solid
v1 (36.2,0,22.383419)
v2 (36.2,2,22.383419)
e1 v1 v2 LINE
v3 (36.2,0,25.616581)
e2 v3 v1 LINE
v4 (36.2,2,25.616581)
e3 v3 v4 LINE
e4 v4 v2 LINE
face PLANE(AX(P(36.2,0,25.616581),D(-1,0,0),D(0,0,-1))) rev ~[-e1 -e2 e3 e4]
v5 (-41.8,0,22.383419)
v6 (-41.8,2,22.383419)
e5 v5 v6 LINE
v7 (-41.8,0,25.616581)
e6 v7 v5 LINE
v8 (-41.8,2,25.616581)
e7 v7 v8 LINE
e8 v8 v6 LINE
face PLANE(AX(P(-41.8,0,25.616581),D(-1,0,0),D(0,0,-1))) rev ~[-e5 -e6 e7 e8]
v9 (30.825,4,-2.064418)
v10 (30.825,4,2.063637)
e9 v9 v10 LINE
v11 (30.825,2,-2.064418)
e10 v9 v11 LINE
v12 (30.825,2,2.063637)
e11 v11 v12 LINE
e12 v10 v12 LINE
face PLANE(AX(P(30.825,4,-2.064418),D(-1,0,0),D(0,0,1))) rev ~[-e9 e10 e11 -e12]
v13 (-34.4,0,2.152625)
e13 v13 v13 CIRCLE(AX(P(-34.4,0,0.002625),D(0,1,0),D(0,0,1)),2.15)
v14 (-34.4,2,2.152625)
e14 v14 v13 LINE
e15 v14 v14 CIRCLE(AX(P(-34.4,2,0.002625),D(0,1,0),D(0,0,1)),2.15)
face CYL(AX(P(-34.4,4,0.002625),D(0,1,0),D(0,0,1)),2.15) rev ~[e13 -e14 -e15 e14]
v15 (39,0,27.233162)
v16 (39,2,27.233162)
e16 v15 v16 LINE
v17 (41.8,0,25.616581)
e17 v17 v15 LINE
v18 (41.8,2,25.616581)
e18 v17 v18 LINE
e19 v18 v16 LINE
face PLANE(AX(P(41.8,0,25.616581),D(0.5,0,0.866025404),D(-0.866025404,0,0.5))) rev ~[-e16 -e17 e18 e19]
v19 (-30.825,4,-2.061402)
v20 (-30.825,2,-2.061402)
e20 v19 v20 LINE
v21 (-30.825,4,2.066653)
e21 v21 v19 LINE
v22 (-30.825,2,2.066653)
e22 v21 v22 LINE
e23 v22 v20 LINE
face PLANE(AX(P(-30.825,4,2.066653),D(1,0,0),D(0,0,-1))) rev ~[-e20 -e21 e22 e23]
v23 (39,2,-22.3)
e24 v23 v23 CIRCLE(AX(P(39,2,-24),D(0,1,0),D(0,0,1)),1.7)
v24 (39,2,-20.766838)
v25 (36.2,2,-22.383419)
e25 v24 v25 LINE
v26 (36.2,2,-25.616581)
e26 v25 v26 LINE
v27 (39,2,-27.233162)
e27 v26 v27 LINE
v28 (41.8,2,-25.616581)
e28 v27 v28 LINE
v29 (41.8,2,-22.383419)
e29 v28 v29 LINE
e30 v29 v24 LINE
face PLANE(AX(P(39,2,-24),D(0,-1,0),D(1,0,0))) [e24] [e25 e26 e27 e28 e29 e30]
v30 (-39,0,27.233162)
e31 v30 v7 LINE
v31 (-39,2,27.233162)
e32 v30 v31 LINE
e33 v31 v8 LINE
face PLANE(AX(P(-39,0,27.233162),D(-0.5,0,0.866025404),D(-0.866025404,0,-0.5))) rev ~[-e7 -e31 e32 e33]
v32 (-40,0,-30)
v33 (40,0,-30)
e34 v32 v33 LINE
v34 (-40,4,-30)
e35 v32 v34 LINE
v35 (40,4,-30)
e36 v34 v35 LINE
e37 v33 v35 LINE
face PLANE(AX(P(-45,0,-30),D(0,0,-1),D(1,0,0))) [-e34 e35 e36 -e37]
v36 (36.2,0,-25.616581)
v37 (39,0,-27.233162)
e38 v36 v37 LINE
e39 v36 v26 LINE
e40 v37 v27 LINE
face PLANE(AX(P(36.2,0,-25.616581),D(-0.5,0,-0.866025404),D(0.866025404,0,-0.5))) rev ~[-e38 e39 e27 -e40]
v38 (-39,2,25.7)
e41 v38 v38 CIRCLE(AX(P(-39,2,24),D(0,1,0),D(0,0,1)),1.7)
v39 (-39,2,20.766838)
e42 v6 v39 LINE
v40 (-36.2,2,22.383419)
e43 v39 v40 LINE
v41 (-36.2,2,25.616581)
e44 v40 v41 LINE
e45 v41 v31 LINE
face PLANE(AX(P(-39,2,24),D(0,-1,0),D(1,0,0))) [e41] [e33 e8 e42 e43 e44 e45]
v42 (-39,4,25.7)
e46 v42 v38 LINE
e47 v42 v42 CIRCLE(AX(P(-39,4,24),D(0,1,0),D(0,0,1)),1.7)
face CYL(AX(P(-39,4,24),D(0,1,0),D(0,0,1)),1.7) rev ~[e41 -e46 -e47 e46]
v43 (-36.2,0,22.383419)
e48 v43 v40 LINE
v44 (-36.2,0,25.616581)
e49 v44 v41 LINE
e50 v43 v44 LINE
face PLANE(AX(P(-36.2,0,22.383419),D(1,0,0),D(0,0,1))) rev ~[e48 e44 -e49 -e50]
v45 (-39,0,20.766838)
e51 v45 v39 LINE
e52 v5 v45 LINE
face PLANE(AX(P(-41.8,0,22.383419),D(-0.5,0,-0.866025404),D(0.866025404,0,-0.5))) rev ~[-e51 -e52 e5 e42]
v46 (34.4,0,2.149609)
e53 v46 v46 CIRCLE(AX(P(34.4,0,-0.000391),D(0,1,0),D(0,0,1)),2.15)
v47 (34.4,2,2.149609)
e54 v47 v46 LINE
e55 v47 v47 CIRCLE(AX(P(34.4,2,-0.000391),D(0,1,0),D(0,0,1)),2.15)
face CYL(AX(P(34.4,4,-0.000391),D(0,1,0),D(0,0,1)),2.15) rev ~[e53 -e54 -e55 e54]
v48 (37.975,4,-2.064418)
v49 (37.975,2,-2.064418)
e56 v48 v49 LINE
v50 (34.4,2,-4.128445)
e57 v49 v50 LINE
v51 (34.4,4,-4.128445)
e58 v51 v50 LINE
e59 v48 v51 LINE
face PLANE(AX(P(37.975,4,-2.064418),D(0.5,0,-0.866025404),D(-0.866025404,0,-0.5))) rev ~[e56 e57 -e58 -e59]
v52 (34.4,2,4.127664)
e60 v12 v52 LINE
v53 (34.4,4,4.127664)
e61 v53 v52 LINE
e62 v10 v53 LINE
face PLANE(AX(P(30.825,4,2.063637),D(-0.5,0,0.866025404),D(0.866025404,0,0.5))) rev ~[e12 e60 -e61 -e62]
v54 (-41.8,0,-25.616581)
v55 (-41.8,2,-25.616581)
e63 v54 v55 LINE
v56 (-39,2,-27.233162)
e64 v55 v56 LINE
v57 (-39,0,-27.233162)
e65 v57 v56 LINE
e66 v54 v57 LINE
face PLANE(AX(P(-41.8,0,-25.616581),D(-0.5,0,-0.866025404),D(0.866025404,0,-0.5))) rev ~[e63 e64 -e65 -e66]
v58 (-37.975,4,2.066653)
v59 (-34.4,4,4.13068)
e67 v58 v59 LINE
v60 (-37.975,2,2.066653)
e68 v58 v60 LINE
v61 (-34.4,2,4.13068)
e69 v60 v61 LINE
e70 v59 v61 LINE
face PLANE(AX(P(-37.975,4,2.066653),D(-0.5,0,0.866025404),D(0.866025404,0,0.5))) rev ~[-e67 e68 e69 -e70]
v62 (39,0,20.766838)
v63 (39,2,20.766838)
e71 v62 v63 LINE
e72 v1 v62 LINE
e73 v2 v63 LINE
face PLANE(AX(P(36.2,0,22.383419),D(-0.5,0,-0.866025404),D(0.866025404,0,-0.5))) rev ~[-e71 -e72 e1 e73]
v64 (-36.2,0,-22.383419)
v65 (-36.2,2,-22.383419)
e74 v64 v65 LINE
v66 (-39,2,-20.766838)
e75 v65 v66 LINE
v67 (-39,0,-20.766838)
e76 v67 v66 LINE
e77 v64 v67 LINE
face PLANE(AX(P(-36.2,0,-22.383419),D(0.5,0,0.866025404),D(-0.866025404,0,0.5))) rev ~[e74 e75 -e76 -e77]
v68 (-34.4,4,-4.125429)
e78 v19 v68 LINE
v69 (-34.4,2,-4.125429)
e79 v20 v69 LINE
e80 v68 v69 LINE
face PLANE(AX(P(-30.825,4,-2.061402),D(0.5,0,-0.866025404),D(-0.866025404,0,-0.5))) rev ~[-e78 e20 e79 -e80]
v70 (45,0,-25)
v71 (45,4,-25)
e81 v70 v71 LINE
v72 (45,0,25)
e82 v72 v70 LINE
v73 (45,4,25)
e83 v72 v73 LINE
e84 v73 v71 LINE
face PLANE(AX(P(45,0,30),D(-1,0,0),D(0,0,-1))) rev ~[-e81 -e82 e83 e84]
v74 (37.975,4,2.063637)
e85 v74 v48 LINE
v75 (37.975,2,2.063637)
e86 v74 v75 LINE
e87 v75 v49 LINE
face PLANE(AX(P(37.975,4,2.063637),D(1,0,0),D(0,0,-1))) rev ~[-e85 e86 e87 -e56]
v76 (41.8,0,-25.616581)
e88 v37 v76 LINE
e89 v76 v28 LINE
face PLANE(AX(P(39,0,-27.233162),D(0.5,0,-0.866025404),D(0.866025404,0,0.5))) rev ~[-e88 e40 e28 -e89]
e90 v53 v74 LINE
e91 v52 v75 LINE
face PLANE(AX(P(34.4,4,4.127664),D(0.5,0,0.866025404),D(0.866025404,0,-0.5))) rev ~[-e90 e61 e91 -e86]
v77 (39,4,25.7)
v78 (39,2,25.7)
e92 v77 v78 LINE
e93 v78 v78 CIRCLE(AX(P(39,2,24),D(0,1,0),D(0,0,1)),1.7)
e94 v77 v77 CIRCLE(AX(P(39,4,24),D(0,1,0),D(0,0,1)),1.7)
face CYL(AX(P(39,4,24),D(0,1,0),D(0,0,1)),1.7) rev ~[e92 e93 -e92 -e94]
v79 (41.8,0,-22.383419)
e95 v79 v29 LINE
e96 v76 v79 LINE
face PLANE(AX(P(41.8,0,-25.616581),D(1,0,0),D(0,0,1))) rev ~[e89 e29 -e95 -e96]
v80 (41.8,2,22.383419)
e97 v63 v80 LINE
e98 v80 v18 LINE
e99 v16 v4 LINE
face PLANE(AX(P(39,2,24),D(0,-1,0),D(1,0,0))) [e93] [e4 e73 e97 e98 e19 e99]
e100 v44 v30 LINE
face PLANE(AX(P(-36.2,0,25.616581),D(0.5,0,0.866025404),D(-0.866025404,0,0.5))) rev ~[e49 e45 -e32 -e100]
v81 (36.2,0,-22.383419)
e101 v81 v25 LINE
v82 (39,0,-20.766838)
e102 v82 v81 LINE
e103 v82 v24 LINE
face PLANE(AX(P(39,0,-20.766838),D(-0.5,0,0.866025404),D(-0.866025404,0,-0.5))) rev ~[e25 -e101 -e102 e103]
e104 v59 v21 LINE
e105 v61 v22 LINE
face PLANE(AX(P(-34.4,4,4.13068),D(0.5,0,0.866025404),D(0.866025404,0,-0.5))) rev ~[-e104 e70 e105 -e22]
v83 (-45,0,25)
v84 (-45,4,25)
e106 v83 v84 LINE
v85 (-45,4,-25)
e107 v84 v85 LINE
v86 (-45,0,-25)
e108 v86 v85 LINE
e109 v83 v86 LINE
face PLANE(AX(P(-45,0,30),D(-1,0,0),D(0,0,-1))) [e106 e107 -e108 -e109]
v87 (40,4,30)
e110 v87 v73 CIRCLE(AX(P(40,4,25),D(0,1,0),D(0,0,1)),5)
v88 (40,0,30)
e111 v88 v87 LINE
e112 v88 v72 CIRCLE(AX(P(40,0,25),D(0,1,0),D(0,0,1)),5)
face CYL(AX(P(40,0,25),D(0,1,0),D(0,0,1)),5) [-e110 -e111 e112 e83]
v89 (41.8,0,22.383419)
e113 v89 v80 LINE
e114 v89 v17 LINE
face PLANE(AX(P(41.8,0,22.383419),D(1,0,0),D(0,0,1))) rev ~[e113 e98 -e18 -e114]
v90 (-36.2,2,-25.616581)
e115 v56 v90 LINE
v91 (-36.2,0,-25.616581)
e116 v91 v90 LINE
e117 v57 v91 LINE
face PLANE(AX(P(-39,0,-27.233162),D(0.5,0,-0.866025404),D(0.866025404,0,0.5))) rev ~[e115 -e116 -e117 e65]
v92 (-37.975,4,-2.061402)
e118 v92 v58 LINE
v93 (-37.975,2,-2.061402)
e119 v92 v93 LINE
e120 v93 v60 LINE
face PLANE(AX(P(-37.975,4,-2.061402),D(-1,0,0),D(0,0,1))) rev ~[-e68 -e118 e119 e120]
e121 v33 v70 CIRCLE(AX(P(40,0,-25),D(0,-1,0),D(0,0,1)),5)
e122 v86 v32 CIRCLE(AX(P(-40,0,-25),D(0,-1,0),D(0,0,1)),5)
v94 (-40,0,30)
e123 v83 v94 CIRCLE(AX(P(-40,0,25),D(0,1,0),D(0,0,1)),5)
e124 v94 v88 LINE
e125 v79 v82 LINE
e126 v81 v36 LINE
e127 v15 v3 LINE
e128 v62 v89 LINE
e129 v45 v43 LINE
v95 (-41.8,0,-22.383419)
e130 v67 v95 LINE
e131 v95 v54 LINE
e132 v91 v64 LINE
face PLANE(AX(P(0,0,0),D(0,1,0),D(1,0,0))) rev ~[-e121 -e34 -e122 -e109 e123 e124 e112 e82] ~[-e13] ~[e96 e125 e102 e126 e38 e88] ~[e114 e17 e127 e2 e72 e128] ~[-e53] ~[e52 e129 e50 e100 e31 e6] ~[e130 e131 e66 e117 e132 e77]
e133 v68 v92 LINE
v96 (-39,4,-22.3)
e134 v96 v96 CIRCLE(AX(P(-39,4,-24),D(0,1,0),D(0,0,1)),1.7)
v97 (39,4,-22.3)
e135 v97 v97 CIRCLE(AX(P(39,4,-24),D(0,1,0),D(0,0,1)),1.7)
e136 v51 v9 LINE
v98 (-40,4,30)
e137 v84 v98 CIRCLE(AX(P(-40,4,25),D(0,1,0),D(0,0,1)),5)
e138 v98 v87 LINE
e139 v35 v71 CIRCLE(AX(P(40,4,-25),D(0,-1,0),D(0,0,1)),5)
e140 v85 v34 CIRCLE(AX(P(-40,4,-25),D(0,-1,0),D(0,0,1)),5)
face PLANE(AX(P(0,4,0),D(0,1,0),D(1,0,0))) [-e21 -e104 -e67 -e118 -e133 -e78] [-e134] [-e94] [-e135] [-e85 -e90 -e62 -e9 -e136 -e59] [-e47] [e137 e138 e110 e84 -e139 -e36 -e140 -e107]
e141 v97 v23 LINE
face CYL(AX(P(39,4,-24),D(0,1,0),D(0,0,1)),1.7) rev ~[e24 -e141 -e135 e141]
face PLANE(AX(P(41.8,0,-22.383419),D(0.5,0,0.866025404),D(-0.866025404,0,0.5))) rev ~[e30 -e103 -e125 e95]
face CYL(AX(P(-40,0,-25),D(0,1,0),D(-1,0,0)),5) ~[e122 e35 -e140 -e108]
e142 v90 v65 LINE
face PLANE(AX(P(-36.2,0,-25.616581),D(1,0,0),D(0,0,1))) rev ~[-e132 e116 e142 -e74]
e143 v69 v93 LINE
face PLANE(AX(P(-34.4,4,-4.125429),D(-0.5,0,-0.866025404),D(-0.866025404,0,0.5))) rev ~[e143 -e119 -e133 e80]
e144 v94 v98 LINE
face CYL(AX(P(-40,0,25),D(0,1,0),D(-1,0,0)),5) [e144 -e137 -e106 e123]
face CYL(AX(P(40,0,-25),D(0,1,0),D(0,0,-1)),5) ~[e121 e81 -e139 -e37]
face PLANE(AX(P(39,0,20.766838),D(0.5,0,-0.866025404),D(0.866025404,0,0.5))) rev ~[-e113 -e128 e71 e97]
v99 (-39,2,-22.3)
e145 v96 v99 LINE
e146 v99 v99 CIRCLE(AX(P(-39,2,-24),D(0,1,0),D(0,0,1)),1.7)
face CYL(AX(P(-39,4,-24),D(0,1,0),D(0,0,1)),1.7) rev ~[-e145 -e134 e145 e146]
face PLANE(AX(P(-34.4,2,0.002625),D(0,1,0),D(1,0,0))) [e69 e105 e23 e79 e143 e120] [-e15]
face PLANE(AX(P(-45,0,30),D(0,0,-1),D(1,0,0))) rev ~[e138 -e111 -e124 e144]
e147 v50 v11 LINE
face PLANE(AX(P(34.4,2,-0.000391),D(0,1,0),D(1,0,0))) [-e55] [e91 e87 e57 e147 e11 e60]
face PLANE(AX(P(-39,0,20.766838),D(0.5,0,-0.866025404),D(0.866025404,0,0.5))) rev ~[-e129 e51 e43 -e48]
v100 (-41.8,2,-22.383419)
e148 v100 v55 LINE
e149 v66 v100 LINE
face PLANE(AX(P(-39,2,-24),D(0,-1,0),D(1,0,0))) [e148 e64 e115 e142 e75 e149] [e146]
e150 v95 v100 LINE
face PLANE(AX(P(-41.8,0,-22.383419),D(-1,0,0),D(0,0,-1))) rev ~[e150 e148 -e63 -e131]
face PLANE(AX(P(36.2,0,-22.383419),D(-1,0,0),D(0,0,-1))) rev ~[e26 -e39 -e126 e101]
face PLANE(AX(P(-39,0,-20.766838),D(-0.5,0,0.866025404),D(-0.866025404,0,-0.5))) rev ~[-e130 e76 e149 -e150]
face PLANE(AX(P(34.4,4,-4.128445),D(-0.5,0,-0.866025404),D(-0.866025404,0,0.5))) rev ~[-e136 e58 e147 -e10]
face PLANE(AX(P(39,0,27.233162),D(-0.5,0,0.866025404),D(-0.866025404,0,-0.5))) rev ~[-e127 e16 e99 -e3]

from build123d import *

# Parameters (mm, degrees)
SKETCH1_W           = 90
SKETCH1_H           = 60
BOSS_EXTRUDE1_DEPTH = 4
SKETCH2_R           = 2.15
SKETCH2_R_2         = 1.7
CUT_EXTRUDE1_DEPTH  = 4
CUT_EXTRUDE2_DEPTH  = 2
CUT_EXTRUDE3_DEPTH  = 2
FILLET3_R           = 5


with BuildPart() as part:
    # Sketch1 → Boss-Extrude1 (new body)
    with BuildSketch(Plane(origin=(0, 0, 0), x_dir=(1, 0, 0), z_dir=(0, 1, 0))):
        Rectangle(SKETCH1_W, SKETCH1_H)
    extrude(amount=BOSS_EXTRUDE1_DEPTH)

    # Sketch2 → Cut-Extrude1 (cut)
    with BuildSketch(Plane(origin=(0, 4, 0), x_dir=(1, 0, 0), z_dir=(0, 1, 0))):
        with Locations(Location((-34.3999999, -0.00262532, 0), (0, 0, 270))):
            Circle(SKETCH2_R)
        with Locations(Location((34.400000034, 0.00039051, 0), (0, 0, 270))):
            Circle(SKETCH2_R)
        with Locations(Location((-39, 24, 0), (0, 0, 270))):
            Circle(SKETCH2_R_2)
        with Locations(Location((-39, -24, 0), (0, 0, 270))):
            Circle(SKETCH2_R_2)
        with Locations(Location((39, -24, 0), (0, 0, 270))):
            Circle(SKETCH2_R_2)
        with Locations(Location((39, 24, 0), (0, 0, 270))):
            Circle(SKETCH2_R_2)
    extrude(amount=-CUT_EXTRUDE1_DEPTH, mode=Mode.SUBTRACT)

    # Sketch3 → Cut-Extrude2 (cut)
    with BuildSketch(Plane(origin=(0, 4, 0), x_dir=(1, 0, 0), z_dir=(0, 1, 0))):
        Polygon((-30.8249999, 2.061401893), (-34.3999999, 4.125429105), (-37.9749999, 2.061401893), (-37.9749999, -2.066652532), (-34.3999999, -4.130679744), (-30.8249999, -2.066652532), align=None)
        Polygon((37.975000034, 2.064417722), (34.400000034, 4.128444934), (30.825000034, 2.064417722), (30.825000034, -2.063636703), (34.400000034, -4.127663915), (37.975000034, -2.063636703), align=None)
    extrude(amount=-CUT_EXTRUDE2_DEPTH, mode=Mode.SUBTRACT)

    # Sketch4 → Cut-Extrude3 (cut)
    with BuildSketch(Plane.XZ):
        Polygon((-36.2, 25.616580754), (-39, 27.233161507), (-41.8, 25.616580754), (-41.8, 22.383419246), (-39, 20.766838493), (-36.2, 22.383419246), align=None)
        Polygon((-36.2, -22.383419246), (-39, -20.766838493), (-41.8, -22.383419246), (-41.8, -25.616580754), (-39, -27.233161507), (-36.2, -25.616580754), align=None)
        Polygon((41.8, -22.383419246), (39, -20.766838493), (36.2, -22.383419246), (36.2, -25.616580754), (39, -27.233161507), (41.8, -25.616580754), align=None)
        Polygon((41.8, 25.616580754), (39, 27.233161507), (36.2, 25.616580754), (36.2, 22.383419246), (39, 20.766838493), (41.8, 22.383419246), align=None)
    extrude(amount=-CUT_EXTRUDE3_DEPTH, mode=Mode.SUBTRACT)

    # Fillet3
    fillet3_edges = [part.edges().sort_by_distance(p)[0] for p in [
        (-45, 2, -30),
        (45, 2, -30),
        (45, 2, 30),
        (-45, 2, 30),
    ]]
    fillet(fillet3_edges, radius=FILLET3_R)


solid = part.part
